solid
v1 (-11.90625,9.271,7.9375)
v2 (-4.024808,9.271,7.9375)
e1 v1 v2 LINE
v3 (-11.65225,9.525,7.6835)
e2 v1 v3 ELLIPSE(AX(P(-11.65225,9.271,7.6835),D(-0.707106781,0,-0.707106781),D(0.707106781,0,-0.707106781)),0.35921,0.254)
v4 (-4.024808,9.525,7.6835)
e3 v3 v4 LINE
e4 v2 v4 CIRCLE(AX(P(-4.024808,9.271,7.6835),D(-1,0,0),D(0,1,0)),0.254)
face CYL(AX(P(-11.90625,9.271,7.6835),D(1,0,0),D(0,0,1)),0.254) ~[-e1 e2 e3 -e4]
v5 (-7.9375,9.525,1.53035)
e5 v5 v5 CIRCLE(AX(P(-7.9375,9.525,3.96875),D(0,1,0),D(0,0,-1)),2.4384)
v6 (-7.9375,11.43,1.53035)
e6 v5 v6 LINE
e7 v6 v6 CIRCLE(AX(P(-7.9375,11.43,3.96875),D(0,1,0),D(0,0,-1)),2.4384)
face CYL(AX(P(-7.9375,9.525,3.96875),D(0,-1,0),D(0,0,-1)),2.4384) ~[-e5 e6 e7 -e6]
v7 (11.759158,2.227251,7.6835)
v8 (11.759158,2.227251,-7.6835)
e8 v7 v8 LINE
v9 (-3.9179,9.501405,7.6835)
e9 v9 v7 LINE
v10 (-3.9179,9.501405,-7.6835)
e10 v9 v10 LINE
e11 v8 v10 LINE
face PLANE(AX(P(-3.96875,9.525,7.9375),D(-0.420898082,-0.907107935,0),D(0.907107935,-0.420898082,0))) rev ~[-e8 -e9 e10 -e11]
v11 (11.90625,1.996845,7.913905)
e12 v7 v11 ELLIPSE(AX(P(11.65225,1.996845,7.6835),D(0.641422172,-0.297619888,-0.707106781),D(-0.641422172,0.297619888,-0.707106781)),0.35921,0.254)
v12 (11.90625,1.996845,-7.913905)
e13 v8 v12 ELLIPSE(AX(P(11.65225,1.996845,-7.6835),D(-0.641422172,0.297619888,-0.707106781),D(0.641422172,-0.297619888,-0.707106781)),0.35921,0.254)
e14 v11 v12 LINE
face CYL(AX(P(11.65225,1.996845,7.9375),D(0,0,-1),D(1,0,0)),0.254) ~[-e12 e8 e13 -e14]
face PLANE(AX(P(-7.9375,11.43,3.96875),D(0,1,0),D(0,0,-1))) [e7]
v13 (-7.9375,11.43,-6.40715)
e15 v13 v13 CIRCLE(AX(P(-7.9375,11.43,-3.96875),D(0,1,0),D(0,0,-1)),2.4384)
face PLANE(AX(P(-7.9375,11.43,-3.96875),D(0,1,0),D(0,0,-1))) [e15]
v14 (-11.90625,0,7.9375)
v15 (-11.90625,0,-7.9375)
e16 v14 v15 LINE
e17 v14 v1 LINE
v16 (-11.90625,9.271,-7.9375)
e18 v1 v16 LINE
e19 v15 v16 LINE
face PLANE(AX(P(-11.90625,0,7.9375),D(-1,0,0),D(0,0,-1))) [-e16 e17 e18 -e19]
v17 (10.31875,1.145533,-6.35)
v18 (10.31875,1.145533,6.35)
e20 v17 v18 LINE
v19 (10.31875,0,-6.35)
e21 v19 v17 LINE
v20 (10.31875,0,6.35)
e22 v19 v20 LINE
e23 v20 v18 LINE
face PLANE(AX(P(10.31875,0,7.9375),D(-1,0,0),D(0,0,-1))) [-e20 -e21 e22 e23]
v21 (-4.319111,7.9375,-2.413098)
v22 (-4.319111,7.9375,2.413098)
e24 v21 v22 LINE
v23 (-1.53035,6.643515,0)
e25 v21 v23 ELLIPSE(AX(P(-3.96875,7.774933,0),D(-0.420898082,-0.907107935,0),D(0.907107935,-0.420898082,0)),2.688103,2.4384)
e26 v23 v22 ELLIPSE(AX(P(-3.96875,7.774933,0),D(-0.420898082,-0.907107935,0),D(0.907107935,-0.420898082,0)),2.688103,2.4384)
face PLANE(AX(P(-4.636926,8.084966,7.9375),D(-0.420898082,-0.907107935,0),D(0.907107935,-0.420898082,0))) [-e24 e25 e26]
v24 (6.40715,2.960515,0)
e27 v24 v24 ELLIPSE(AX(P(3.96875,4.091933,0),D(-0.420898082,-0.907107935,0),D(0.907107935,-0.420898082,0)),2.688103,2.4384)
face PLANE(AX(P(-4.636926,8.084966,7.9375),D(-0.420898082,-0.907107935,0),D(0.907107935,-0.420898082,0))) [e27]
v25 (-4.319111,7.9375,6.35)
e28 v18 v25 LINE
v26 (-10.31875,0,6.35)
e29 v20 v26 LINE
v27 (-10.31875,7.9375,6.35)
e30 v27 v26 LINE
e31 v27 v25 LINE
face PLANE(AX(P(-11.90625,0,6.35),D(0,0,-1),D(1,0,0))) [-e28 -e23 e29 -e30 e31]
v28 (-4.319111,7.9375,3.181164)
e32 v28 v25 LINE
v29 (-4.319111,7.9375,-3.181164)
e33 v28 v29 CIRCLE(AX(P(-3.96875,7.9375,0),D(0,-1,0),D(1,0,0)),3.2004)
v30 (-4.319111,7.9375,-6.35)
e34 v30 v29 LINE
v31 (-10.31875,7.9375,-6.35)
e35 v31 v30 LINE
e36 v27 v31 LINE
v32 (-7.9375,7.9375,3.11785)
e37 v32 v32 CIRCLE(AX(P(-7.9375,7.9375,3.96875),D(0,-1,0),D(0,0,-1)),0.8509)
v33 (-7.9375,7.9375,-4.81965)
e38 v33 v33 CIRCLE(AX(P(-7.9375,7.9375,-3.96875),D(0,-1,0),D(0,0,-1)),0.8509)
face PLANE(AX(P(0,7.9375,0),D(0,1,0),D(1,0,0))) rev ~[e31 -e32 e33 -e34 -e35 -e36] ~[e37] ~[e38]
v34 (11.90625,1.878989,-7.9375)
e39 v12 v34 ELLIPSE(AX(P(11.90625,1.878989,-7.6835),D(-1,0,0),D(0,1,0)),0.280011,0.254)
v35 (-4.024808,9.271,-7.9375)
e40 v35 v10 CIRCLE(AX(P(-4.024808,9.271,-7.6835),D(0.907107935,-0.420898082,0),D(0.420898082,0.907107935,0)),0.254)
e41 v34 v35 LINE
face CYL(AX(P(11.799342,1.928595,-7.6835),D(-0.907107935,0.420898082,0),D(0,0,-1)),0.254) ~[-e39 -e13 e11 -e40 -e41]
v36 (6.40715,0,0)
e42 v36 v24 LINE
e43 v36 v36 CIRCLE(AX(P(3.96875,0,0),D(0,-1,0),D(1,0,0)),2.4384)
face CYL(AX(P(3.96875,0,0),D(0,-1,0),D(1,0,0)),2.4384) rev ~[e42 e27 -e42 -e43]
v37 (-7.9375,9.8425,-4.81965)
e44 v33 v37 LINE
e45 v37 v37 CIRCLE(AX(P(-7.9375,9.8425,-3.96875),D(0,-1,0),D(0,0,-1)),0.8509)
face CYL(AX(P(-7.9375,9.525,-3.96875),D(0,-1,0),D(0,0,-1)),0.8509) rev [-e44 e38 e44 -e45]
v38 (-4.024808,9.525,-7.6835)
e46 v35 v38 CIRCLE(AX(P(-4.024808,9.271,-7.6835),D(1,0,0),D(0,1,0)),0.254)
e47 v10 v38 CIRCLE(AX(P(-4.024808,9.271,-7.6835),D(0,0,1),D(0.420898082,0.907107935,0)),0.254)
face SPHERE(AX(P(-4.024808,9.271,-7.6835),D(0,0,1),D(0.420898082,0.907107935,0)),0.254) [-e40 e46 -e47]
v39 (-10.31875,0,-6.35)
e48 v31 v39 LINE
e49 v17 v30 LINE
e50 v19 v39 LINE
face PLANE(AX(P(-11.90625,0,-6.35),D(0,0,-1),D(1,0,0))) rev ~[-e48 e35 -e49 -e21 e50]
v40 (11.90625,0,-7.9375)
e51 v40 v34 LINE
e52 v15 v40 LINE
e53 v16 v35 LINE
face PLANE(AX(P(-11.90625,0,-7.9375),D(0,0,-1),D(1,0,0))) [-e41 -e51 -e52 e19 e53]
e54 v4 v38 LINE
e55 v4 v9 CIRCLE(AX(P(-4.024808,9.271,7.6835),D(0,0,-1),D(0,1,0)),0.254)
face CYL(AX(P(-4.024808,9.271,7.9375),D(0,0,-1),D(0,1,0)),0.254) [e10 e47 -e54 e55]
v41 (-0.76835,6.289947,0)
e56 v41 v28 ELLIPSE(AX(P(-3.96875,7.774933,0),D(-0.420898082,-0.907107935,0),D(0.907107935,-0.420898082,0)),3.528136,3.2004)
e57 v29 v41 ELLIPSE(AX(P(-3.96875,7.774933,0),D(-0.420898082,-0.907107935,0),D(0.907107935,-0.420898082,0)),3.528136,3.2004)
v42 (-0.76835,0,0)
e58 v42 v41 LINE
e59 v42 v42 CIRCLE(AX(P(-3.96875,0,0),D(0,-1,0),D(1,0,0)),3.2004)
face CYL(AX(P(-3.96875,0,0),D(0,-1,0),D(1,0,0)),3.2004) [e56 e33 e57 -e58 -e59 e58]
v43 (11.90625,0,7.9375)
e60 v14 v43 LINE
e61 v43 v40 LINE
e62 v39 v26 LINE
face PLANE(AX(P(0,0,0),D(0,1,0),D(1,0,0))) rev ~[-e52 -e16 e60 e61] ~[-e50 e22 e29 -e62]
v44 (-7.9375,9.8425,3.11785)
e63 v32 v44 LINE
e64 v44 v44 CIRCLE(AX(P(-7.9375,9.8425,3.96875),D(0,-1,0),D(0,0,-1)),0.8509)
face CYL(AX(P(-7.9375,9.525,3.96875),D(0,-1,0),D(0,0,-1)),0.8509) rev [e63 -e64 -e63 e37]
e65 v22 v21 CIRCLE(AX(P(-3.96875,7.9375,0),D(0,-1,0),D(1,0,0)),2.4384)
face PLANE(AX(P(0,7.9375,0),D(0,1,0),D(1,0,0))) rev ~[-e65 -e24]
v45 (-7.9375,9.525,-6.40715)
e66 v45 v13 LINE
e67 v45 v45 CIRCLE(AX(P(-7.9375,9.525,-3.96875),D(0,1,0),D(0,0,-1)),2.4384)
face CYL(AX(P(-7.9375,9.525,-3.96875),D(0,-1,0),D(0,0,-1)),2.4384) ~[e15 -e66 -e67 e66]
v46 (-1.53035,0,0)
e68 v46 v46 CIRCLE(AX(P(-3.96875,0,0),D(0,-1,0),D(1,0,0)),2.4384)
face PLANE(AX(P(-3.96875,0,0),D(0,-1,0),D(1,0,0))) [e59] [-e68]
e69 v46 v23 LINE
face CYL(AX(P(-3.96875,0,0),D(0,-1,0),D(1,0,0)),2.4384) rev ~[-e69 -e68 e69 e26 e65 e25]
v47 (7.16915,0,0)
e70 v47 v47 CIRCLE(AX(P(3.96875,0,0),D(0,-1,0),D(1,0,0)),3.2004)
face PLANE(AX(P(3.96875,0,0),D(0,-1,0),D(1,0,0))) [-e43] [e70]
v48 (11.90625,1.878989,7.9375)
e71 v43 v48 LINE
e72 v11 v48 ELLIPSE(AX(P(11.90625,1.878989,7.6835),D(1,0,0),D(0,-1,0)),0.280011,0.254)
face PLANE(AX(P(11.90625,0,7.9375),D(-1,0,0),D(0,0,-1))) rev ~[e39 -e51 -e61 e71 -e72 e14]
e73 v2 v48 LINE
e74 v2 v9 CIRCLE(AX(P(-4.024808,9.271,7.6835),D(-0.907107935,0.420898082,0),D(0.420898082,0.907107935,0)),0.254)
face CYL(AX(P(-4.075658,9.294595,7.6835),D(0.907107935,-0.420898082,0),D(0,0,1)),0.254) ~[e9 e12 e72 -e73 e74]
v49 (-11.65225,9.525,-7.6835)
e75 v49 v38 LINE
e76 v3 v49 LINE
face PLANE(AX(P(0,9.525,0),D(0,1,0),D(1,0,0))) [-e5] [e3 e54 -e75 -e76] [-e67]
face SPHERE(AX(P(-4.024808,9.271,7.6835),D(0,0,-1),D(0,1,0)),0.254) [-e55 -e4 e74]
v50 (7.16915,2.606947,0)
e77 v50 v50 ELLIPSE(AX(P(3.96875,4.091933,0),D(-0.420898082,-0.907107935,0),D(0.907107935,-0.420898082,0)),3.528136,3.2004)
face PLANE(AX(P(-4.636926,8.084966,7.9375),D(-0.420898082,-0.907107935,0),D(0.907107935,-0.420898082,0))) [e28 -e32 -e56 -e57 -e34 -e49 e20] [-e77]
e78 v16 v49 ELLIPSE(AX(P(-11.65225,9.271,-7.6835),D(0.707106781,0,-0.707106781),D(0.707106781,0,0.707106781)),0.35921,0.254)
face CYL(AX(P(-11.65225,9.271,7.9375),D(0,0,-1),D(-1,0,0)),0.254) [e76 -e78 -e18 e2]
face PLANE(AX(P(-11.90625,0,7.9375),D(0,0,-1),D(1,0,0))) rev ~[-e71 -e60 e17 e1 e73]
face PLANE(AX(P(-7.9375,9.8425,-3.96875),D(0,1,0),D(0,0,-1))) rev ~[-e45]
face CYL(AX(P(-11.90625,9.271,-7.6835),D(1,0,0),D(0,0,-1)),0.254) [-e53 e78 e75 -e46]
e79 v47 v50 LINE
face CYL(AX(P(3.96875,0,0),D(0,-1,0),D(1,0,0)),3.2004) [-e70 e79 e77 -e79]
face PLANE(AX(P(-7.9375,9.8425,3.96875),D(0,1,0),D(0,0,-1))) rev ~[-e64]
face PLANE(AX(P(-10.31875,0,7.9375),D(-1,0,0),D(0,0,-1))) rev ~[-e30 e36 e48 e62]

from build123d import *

# Parameters (mm, degrees)
SKETCH1_W            = 23.8125
SKETCH1_H            = 15.875
BASE_EXTRUDE_DEPTH   = 9.525
SKETCH2_R            = 2.4384
BOSS_EXTRUDE1_DEPTH  = 1.905
LPATTERN4_COUNT      = 3
LPATTERN4_PITCH      = 7.9375
LPATTERN4_COUNT_DIR2 = 2
LPATTERN4_PITCH_DIR2 = 7.9375
CUT_EXTRUDE1_DEPTH   = 23.900203363
SHELL1_T             = -1.5875
INSDOT_REACH         = 20.314
SKETCH3_R            = 3.2004
SKETCH3_R_2          = 2.4384
LPATTERN5_COUNT      = 2
LPATTERN5_PITCH      = 7.9375
FILLET1_R            = 0.254


with BuildPart() as part:
    # Sketch1 → Base-Extrude (new body)
    with BuildSketch(Plane(origin=(0, 0, 0), x_dir=(1, 0, 0), z_dir=(0, 1, 0))):
        Rectangle(SKETCH1_W, SKETCH1_H)
    extrude(amount=BASE_EXTRUDE_DEPTH)

    # Sketch2 → Boss-Extrude1 (add)
    with BuildSketch(Plane(origin=(0, 9.525, 0), x_dir=(-1, 0, 0), z_dir=(0, 1, 0))):
        with Locations(Location((7.9375, 3.96875, 0), (0, 0, 270))):
            Circle(SKETCH2_R)
    boss_extrude1 = extrude(amount=BOSS_EXTRUDE1_DEPTH)

    # LPattern4: Boss-Extrude1 3 × 2
    with Locations(*[(i * LPATTERN4_PITCH, 0, -j * LPATTERN4_PITCH_DIR2) for i in range(LPATTERN4_COUNT) for j in range(LPATTERN4_COUNT_DIR2) if (i, j) != (0, 0)]):
        add(boss_extrude1)

    # Sketch4 → Cut-Extrude1 (cut, through all)
    with BuildSketch(Plane.XY.offset(7.9375)):
        Polygon((-3.96875, 9.525), (11.90625, 2.159), (11.90625, 11.43), (-3.96875, 11.43), align=None)
    extrude(amount=-CUT_EXTRUDE1_DEPTH, mode=Mode.SUBTRACT)

    # Shell1
    shell1_openings = [part.faces().sort_by_distance(p)[0] for p in [
        (0, 0, 0),
    ]]
    offset(amount=SHELL1_T, openings=shell1_openings, kind=Kind.INTERSECTION)

    # Sketch3 → InsDot (add, up to next)
    with BuildSketch(Plane.XZ, mode=Mode.PRIVATE) as insdot_sk1:
        with Locations((-3.96875, 0)):
            Circle(SKETCH3_R)
        with Locations((-3.96875, 0)):
            Circle(SKETCH3_R_2, mode=Mode.SUBTRACT)
    insdot_tool1 = extrude(insdot_sk1.sketch, amount=-INSDOT_REACH, mode=Mode.PRIVATE) - part.part
    insdot = insdot_tool1.solids().sort_by_distance((-7.078629, 0, 0))[0]
    add(insdot)

    # LPattern5: InsDot; each copy of InsDot runs up to whatever stops it at its own place
    lpattern5_before = part.part  # the part as the pattern finds it: every copy runs up to it
    lpattern5_insdot_long = extrude(insdot_sk1.sketch, amount=-INSDOT_REACH, mode=Mode.PRIVATE)
    lpattern5_insdot_tool1 = lpattern5_insdot_long.moved(Location(Vector(1, 0, 0) * (1 * LPATTERN5_PITCH))) - lpattern5_before
    add(lpattern5_insdot_tool1.solids().sort_by_distance((0.858871, 0, 0))[0])

    # Fillet1
    fillet1_edges = [part.edges().sort_by_distance(p)[0] for p in [
        (-7.9375, 9.525, -7.9375),
        (-7.9375, 9.525, 7.9375),
        (3.96875, 5.842, 7.9375),
        (-3.96875, 9.525, 0),
        (3.96875, 5.842, -7.9375),
        (11.90625, 2.159, 0),
        (-11.90625, 9.525, 0),
    ]]
    fillet(fillet1_edges, radius=FILLET1_R)


solid = part.part
